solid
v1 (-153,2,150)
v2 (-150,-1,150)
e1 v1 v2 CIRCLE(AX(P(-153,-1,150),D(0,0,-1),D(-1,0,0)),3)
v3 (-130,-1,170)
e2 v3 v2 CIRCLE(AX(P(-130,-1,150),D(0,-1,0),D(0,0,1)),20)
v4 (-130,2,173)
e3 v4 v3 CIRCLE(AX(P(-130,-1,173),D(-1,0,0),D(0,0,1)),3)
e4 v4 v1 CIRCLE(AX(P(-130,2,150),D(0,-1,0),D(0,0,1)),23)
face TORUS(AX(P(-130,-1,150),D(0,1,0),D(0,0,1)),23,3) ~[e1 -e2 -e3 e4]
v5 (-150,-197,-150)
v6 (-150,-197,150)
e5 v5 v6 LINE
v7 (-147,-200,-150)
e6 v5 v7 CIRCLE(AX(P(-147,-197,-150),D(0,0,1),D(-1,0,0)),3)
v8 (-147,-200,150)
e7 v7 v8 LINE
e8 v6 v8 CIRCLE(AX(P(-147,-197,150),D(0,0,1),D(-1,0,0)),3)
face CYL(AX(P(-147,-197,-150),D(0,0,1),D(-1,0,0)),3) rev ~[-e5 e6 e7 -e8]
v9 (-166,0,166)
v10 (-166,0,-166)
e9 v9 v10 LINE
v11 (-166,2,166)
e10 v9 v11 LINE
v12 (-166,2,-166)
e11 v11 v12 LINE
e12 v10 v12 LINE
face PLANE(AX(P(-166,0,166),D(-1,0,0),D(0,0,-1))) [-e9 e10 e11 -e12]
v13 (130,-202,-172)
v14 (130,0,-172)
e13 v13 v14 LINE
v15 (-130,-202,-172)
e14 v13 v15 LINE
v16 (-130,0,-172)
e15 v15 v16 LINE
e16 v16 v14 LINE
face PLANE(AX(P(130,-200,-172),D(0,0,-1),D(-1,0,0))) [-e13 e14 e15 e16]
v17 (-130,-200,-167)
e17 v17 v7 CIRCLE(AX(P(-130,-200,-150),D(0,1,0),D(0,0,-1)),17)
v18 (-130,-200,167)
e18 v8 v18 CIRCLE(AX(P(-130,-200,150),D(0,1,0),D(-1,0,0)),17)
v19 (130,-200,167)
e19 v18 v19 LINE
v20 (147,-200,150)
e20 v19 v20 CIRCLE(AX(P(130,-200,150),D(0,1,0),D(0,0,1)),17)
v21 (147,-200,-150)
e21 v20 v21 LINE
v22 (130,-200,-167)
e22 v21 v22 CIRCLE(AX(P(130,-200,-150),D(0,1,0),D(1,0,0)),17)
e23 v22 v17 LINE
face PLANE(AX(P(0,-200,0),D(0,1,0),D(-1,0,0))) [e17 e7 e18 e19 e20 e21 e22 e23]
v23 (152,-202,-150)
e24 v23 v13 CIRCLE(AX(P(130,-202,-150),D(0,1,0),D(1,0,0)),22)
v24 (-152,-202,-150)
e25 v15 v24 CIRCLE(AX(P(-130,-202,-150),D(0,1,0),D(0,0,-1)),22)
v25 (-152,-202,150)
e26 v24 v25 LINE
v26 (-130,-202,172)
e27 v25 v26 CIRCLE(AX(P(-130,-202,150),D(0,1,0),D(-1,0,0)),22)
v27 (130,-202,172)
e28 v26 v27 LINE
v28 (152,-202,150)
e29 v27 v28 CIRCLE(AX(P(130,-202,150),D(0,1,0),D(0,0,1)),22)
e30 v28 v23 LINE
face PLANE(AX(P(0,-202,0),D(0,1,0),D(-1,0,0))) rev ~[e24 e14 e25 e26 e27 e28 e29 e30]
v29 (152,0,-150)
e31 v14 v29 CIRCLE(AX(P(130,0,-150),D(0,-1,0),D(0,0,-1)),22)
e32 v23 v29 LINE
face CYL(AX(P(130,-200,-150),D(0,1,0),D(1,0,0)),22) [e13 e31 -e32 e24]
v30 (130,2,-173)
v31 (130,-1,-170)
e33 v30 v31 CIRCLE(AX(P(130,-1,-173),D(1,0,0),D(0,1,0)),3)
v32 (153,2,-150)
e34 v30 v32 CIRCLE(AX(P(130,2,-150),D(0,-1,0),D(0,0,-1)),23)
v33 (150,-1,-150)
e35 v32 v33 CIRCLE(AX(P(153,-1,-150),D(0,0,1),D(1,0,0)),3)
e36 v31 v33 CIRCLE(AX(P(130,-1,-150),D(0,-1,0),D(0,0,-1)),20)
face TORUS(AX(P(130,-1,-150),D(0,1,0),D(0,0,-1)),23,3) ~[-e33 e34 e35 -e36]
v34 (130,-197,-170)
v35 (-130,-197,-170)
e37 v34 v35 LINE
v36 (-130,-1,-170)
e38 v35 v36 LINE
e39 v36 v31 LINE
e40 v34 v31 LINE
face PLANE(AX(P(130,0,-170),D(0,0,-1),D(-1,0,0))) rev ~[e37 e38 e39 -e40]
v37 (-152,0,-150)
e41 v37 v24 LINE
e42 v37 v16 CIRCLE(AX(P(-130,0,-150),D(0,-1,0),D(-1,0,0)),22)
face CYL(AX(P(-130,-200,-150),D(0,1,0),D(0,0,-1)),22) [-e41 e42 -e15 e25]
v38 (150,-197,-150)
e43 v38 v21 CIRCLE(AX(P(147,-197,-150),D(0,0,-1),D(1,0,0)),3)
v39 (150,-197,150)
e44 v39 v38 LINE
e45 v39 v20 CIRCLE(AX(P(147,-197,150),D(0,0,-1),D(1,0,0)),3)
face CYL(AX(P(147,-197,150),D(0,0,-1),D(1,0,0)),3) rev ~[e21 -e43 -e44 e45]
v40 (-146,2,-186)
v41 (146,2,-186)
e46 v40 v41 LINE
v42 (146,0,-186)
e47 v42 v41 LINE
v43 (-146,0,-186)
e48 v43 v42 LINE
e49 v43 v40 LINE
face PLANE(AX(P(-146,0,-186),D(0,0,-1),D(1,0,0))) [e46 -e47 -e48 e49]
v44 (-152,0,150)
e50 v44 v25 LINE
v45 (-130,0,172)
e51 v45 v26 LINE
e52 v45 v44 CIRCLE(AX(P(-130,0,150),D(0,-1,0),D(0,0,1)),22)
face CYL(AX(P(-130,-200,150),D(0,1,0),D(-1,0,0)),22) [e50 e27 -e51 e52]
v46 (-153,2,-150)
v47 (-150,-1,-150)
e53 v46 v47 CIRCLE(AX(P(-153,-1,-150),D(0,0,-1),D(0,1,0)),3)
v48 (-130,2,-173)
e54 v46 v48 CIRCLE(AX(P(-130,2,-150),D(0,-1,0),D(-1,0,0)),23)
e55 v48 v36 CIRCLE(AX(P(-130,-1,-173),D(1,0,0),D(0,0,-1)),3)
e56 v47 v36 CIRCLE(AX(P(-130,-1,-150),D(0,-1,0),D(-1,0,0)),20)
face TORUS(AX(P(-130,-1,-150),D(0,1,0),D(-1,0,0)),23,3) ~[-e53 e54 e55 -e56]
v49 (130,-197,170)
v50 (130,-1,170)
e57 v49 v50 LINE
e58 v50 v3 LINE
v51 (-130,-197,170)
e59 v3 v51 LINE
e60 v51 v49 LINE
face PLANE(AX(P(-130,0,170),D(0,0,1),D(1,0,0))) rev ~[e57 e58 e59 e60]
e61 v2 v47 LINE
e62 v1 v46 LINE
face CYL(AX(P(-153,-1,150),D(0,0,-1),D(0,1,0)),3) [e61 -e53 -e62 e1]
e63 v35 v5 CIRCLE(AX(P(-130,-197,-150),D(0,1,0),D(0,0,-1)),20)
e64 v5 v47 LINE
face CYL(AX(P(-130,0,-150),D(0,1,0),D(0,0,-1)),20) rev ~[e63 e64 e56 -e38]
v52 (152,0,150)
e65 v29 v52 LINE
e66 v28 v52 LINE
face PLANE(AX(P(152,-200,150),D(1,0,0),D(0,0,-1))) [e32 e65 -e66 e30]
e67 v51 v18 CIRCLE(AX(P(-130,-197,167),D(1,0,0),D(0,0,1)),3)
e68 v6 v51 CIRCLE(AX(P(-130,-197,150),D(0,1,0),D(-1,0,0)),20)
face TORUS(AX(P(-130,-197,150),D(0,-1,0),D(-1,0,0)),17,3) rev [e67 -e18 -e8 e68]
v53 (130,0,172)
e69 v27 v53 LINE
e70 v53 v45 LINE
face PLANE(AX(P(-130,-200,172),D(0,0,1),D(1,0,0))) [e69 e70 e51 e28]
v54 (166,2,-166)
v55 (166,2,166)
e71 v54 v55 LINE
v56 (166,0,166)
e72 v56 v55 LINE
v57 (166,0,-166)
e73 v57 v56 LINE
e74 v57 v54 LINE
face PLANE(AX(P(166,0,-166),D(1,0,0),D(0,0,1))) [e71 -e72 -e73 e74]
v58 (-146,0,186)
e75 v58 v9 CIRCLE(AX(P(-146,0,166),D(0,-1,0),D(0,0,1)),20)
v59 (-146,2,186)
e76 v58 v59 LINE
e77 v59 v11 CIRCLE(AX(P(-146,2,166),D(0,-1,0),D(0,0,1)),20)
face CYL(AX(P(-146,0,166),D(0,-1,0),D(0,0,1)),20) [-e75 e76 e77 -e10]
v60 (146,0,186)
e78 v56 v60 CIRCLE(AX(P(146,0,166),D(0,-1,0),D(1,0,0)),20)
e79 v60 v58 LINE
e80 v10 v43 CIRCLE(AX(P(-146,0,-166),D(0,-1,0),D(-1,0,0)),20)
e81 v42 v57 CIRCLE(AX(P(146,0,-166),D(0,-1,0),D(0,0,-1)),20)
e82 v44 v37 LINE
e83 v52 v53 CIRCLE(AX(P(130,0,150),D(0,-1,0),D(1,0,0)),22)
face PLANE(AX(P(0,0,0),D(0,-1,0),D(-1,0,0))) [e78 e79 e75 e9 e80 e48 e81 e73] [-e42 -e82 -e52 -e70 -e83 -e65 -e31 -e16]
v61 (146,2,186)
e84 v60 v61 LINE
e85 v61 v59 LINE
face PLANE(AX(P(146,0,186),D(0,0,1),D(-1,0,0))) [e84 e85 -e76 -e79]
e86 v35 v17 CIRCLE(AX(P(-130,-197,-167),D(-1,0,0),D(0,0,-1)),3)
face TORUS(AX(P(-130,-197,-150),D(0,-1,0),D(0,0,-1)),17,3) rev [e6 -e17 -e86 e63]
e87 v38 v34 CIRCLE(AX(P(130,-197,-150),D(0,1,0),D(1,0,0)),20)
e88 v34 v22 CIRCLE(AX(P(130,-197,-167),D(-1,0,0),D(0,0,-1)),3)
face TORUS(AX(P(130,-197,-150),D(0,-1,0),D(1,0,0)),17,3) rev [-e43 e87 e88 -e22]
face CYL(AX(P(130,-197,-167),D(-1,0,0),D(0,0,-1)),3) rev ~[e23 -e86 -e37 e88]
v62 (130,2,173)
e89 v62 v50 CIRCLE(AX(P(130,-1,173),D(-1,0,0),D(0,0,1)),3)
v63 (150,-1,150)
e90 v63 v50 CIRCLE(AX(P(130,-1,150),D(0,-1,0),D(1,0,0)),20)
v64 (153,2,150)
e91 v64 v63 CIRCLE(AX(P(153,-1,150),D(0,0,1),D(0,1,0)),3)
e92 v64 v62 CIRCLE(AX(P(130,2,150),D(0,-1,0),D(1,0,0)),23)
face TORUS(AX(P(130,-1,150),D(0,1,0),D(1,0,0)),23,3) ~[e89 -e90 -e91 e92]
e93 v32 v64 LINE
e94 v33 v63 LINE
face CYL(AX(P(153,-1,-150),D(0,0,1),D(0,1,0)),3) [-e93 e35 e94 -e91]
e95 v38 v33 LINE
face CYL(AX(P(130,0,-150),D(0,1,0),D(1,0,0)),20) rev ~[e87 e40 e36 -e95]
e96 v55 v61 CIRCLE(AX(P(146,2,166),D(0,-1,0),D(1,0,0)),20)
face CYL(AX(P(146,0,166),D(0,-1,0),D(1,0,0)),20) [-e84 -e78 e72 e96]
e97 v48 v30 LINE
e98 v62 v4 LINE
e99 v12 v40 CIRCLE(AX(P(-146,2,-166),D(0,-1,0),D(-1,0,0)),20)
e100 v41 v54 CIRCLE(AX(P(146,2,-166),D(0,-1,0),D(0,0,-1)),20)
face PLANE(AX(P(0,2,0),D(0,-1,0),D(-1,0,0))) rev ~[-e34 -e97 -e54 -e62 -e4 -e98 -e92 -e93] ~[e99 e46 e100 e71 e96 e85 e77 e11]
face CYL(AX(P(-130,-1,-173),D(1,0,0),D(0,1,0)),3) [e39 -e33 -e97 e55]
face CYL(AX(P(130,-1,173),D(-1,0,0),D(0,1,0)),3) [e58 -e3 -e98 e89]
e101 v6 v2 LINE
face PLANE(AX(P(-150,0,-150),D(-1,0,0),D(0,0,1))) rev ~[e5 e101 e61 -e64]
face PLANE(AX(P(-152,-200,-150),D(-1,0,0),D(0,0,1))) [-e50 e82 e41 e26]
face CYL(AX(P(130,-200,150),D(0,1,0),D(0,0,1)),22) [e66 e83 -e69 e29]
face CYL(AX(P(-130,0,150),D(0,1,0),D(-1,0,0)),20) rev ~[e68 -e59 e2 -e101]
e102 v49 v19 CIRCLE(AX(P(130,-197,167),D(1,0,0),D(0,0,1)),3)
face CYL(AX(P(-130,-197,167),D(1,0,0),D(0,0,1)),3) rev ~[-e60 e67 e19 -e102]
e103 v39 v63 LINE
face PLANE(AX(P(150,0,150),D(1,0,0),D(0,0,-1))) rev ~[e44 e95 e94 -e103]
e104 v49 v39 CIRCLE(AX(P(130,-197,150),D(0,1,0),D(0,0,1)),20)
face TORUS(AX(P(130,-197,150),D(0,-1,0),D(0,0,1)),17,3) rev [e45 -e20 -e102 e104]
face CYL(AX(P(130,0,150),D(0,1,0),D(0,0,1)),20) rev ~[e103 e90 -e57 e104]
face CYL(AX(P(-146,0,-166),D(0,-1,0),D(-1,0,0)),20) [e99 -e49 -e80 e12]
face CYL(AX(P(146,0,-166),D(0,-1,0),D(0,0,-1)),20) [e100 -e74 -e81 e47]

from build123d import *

# Parameters (mm, degrees)
BOSS_EXTRUDE1_DEPTH = 2
CUT_EXTRUDE1_REACH  = 251.311
BOSS_EXTRUDE2_DEPTH = 200
BOSS_EXTRUDE3_DEPTH = 2
FILLET1_R           = 3


with BuildPart() as part:
    # Sketch1 → Boss-Extrude1 (new body)
    with BuildSketch(Plane(origin=(0, 0, 0), x_dir=(1, 0, 0), z_dir=(0, 1, 0))):
        with BuildLine():
            Line((-146, 186), (146, 186))
            ThreePointArc((146, 186), (160.142135624, 180.142135624), (166, 166))
            Line((166, 166), (166, -166))
            ThreePointArc((166, -166), (160.142135624, -180.142135624), (146, -186))
            Line((146, -186), (-146, -186))
            ThreePointArc((-146, -186), (-160.142135624, -180.142135624), (-166, -166))
            Line((-166, -166), (-166, 166))
            ThreePointArc((-166, 166), (-160.142135624, 180.142135624), (-146, 186))
        make_face()
    extrude(amount=BOSS_EXTRUDE1_DEPTH)

    # Sketch2 → Cut-Extrude1 (cut, up to next)
    with BuildSketch(Plane(origin=(0, 2, 0), x_dir=(1, 0, 0), z_dir=(0, 1, 0)), mode=Mode.PRIVATE) as cut_extrude1_sk1:
        with BuildLine():
            Line((-130, 170), (130, 170))
            ThreePointArc((130, 170), (144.142135624, 164.142135624), (150, 150))
            Line((150, 150), (150, -150))
            ThreePointArc((150, -150), (144.142135624, -164.142135624), (130, -170))
            Line((130, -170), (-130, -170))
            ThreePointArc((-130, -170), (-144.142135624, -164.142135624), (-150, -150))
            Line((-150, -150), (-150, 150))
            ThreePointArc((-150, 150), (-144.142135624, 164.142135624), (-130, 170))
        make_face()
    cut_extrude1_tool1 = extrude(cut_extrude1_sk1.sketch, amount=-CUT_EXTRUDE1_REACH, mode=Mode.PRIVATE) & part.part
    add(cut_extrude1_tool1.solids().sort_by_distance((0, 2, 0))[0], mode=Mode.SUBTRACT)

    # Sketch3 → Boss-Extrude2 (add)
    with BuildSketch(Plane.XZ):
        with BuildLine():
            Line((-152, 150), (-152, -150))
            ThreePointArc((-152, -150), (-145.556349186, -165.556349186), (-130, -172))
            Line((-130, -172), (130, -172))
            ThreePointArc((130, -172), (145.556349186, -165.556349186), (152, -150))
            Line((152, -150), (152, 150))
            ThreePointArc((152, 150), (145.556349186, 165.556349186), (130, 172))
            Line((130, 172), (-130, 172))
            ThreePointArc((-130, 172), (-145.556349186, 165.556349186), (-152, 150))
        make_face()
        with BuildLine():
            Line((-130, 170), (130, 170))
            ThreePointArc((130, 170), (144.142135624, 164.142135624), (150, 150))
            Line((150, 150), (150, -150))
            ThreePointArc((150, -150), (144.142135624, -164.142135624), (130, -170))
            Line((130, -170), (-130, -170))
            ThreePointArc((-130, -170), (-144.142135624, -164.142135624), (-150, -150))
            Line((-150, -150), (-150, 150))
            ThreePointArc((-150, 150), (-144.142135624, 164.142135624), (-130, 170))
        make_face(mode=Mode.SUBTRACT)
    extrude(amount=BOSS_EXTRUDE2_DEPTH)

    # Sketch4 → Boss-Extrude3 (add)
    with BuildSketch(Plane.XZ.offset(200)):
        with BuildLine():
            Line((-130, 172), (130, 172))
            ThreePointArc((130, 172), (145.556349186, 165.556349186), (152, 150))
            Line((152, 150), (152, -150))
            ThreePointArc((152, -150), (145.556349186, -165.556349186), (130, -172))
            Line((130, -172), (-130, -172))
            ThreePointArc((-130, -172), (-145.556349186, -165.556349186), (-152, -150))
            Line((-152, -150), (-152, 150))
            ThreePointArc((-152, 150), (-145.556349186, 165.556349186), (-130, 172))
        make_face()
    extrude(amount=BOSS_EXTRUDE3_DEPTH)

    # Fillet1
    fillet1_edges = [part.edges().sort_by_distance(p)[0] for p in [
        (-144.142135624, 2, 164.142135624),
        (0, 2, 170),
        (144.142135624, 2, 164.142135624),
        (150, 2, 0),
        (144.142135624, 2, -164.142135624),
        (0, 2, -170),
        (-144.142135624, 2, -164.142135624),
        (-150, 2, 0),
        (-144.142135624, -200, -164.142135624),
        (0, -200, -170),
        (144.142135624, -200, -164.142135624),
        (150, -200, 0),
        (144.142135624, -200, 164.142135624),
        (0, -200, 170),
        (-144.142135624, -200, 164.142135624),
        (-150, -200, 0),
    ]]
    fillet(fillet1_edges, radius=FILLET1_R)


solid = part.part
